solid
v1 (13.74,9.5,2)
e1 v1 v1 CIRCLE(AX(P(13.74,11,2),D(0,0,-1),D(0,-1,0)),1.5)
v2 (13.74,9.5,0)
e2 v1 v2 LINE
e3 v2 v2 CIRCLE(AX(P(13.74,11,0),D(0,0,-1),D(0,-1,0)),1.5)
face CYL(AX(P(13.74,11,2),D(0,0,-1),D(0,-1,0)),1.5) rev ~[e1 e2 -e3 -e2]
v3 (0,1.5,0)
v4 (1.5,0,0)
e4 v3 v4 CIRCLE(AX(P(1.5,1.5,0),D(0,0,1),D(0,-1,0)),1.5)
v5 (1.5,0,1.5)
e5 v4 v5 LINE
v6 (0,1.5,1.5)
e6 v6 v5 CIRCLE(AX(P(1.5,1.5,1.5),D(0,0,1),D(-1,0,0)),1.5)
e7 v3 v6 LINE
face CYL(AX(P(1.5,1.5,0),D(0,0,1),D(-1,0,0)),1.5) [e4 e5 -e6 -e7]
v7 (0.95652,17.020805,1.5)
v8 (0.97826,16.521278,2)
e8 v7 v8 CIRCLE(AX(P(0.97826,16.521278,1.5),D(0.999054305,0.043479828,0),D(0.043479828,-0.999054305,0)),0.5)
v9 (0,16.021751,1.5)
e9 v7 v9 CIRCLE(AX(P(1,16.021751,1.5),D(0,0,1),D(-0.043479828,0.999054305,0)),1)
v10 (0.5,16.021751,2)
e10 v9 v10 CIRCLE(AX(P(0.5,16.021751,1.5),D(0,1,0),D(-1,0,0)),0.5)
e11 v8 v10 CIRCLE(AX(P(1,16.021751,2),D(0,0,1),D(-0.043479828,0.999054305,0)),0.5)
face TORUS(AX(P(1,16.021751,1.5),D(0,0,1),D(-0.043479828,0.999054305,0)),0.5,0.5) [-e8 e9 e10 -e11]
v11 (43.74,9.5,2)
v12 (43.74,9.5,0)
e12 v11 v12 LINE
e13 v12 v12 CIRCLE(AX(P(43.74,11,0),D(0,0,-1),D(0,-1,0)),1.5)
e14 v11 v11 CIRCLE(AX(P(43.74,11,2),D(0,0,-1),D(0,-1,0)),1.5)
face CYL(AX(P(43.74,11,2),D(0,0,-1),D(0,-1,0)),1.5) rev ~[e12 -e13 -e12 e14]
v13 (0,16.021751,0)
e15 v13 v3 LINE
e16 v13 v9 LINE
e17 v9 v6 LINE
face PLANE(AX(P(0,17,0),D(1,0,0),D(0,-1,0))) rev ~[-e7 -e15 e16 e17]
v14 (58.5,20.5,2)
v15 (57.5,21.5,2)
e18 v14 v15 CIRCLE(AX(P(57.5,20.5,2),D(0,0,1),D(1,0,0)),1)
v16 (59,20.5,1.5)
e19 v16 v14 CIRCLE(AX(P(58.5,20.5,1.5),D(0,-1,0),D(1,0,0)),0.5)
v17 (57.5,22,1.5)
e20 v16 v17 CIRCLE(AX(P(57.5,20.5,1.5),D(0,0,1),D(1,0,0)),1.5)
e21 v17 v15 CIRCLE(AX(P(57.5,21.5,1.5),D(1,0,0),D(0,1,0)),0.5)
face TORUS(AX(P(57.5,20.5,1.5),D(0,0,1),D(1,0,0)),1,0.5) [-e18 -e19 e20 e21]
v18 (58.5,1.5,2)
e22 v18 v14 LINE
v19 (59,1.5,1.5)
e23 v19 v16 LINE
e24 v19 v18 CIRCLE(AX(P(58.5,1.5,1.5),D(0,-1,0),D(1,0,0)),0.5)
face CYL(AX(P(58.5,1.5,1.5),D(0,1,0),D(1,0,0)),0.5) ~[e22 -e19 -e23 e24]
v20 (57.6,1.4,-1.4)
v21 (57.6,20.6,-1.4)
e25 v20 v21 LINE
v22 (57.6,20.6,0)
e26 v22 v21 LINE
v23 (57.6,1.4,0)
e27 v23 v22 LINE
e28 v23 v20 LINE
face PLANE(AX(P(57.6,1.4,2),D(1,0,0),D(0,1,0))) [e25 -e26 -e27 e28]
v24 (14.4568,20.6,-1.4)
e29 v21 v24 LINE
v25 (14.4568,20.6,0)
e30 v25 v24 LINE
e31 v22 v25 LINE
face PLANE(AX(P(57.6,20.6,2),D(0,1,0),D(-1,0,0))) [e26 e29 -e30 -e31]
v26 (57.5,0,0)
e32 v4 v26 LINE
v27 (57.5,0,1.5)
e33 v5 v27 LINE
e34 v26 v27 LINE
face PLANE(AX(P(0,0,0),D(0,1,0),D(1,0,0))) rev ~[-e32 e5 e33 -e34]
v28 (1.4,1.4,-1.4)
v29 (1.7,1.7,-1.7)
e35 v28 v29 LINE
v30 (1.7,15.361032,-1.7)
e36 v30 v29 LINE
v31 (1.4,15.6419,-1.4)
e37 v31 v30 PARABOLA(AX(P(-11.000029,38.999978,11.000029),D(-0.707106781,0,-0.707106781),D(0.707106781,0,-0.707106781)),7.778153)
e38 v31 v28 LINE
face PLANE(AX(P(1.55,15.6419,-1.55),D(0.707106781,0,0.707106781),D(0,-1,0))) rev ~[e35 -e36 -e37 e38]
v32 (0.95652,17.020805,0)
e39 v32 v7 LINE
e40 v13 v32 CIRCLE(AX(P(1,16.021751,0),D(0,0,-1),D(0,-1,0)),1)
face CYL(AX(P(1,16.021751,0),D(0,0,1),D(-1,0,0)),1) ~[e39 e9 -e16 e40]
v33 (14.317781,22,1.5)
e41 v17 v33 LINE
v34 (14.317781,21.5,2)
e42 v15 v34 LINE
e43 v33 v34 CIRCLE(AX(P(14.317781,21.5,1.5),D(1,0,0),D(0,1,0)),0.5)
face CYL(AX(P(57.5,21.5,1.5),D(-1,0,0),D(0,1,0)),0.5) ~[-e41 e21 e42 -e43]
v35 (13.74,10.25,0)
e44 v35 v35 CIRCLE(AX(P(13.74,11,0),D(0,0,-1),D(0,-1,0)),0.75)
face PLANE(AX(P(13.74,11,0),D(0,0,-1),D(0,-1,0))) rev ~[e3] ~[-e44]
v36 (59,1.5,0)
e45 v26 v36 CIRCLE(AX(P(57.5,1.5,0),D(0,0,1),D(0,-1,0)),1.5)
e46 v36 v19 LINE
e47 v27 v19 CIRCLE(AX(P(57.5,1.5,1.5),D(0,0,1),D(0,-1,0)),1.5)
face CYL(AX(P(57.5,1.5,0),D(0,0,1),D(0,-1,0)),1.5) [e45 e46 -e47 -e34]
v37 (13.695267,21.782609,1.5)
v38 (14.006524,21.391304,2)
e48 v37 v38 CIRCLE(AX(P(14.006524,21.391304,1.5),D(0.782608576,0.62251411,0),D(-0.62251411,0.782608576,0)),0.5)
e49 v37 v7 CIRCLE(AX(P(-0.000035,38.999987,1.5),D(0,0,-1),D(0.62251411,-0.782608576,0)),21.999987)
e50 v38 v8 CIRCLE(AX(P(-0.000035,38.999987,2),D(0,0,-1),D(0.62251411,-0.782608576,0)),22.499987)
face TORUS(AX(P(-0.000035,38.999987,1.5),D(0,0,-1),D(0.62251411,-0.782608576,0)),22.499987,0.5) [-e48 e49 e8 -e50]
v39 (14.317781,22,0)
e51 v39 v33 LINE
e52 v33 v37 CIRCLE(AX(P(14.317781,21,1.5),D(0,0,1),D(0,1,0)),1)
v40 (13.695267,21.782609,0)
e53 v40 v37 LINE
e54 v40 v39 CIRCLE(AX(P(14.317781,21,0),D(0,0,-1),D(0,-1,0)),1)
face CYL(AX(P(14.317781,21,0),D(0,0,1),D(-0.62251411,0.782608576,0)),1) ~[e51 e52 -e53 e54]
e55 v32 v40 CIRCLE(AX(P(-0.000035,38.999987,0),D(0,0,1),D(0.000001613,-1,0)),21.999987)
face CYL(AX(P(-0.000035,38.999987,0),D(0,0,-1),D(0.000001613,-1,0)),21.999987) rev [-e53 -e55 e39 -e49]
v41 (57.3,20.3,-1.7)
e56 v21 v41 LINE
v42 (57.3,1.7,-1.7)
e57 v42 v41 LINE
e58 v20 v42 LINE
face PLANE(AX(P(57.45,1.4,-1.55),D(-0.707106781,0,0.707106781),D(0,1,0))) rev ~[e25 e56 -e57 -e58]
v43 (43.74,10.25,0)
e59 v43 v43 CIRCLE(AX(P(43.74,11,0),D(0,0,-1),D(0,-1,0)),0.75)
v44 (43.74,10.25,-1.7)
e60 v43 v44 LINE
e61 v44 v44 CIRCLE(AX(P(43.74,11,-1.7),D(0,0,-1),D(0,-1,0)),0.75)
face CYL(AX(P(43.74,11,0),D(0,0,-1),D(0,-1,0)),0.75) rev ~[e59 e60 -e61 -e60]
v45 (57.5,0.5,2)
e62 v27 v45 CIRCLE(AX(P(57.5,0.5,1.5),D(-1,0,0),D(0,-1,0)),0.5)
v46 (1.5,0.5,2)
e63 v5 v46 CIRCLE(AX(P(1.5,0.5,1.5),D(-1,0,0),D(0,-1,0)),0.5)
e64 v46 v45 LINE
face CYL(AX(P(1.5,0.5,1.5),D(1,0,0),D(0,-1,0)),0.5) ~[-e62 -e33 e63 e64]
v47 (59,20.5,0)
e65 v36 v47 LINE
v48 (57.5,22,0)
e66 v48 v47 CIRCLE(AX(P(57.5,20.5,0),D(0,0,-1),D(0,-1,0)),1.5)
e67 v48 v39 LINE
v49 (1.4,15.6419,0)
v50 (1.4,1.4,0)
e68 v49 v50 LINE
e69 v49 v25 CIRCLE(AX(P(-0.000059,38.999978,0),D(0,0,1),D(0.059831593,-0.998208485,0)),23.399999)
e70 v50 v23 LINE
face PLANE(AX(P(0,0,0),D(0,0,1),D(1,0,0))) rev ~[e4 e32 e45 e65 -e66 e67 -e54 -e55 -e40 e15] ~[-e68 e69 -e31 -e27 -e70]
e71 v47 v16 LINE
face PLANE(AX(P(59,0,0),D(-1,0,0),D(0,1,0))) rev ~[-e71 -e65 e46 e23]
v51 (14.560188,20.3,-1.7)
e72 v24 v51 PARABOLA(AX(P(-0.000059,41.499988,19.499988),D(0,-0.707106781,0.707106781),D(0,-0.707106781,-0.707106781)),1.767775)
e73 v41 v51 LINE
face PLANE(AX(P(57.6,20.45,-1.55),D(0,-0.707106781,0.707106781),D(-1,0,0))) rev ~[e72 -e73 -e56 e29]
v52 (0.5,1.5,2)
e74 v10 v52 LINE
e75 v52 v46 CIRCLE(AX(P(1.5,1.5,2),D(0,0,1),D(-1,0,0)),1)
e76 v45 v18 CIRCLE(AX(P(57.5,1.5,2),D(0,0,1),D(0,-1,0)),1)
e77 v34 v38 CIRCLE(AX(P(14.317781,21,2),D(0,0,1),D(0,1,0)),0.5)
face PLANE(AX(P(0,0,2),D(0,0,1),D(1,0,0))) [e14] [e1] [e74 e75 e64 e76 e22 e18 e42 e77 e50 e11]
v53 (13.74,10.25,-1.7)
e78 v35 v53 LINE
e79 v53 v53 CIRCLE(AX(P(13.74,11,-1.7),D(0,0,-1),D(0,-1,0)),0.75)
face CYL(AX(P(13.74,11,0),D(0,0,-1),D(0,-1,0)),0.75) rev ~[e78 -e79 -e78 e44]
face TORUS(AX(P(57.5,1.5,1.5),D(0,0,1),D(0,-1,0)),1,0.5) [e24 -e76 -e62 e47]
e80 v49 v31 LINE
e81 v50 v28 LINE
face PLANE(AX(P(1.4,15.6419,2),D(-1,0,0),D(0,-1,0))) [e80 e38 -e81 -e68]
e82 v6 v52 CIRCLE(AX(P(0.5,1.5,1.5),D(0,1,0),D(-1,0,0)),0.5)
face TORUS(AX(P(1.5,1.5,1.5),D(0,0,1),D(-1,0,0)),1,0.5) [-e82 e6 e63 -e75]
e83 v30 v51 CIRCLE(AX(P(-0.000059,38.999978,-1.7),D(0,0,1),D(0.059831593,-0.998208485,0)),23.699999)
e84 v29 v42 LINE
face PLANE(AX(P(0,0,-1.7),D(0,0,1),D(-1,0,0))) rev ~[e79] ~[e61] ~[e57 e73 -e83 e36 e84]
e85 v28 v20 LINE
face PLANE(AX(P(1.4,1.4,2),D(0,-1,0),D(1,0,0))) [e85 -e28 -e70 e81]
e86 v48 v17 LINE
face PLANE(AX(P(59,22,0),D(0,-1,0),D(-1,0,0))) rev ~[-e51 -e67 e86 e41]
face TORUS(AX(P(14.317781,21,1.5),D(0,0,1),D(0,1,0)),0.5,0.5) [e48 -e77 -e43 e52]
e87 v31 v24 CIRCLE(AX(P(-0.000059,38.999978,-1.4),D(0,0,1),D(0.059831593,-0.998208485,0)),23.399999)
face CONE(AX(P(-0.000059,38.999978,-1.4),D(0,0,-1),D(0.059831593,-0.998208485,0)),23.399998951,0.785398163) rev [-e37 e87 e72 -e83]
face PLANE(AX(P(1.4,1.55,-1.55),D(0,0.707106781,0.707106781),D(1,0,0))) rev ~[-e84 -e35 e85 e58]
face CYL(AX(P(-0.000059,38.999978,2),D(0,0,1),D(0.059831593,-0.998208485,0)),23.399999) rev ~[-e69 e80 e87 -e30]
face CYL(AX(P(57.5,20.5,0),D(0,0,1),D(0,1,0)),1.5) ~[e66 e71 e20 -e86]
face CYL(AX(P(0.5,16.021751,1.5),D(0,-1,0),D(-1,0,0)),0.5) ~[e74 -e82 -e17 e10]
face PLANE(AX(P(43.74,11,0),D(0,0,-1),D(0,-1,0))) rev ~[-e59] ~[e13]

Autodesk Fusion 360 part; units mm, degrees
sketch "Esquisse1" plane through (0, 0, 0) normal (0, 0, 1) x (1, 0, 0)
  line L0 (0, 0) -> (59, 0)
  line L1 (59, 0) -> (59, 22)
  line L2 (59, 22) -> (0, 22)
  line L3 (0, 22) -> (0, 0)
  line L4 (0, 0) -> (0, 17) construction
  line L5 (0, 17) -> (0, 39) construction
  arc A0 (0, 17) -> (13.9642, 22) centre (0, 39) ccw
  dimension "d1" = 22
  dimension "d2" = 59
  dimension "d3" = 17
  dimension "d4" = 22
extrude "Extrusion1" add sketch "Esquisse1" along normal blind 2 contours L0 L1 L2 L3 A0
sketch "Esquisse2" plane through (0, 0, 2) normal (0, 0, 1) x (-1, 0, 0)
  line L0 (0, 0) -> (-59, 0)
  line L1 (-59, 0) -> (-59, -22)
  line L2 (-59, -22) -> (-13.9642, -22)
  arc A0 (0, -17) -> (-13.9642, -22) centre (0, -39) ccw
  line L3 (0, -17) -> (0, 0)
  arc A1 (-1.4, -15.6419) -> (-14.4568, -20.6) centre (0, -39) ccw
  line L4 (-57.6, -20.6) -> (-14.4568, -20.6)
  line L5 (-57.6, -1.4) -> (-57.6, -20.6)
  line L6 (-1.4, -1.4) -> (-57.6, -1.4)
  line L7 (-1.4, -15.6419) -> (-1.4, -1.4)
  dimension "d7" = -1.4
extrude "Extrusion11" add sketch "Esquisse2" against normal blind 3.7 contours A1 L4 L5 L6 L7
chamfer "Chanfrein3" distance 0.3 angle 45 5 edges at (29.5, 1.4, -1.7) (1.4, 8.521, -1.7) (8.307, 17.1241, -1.7) (36.0284, 20.6, -1.7) (57.6, 11, -1.7)
fillet "Congé7" radius 1.5 3 edges at (0, 0, 1) (59, 0, 1) (59, 22, 1)
fillet "Congé8" radius 1 2 edges at (13.9642, 22, 1) (0, 17, 1)
fillet "Congé9" radius 0.5 10 edges at (0.4393, 0.4393, 2) (29.5, 0, 2) (58.5607, 0.4393, 2) (59, 11, 2) (58.5607, 21.5607, 2) (35.9089, 22, 2) (13.9881, 21.9441, 2) (7.7031, 18.3927, 2) (0.2777, 16.7133, 2) (0, 8.7609, 2)
hole "Perçage1" at (43.74, 11, 2) direction (0, 0, -1) diameter 1.5 depth 9 tip angle 180 counterbore diameter 3 counterbore depth 2
pattern_linear "Réseau R1" count 2 spacing 30 along (-1, 0, 0) of "Perçage1"
equation "d5 = 2 mm"
equation "d76 = d5"
